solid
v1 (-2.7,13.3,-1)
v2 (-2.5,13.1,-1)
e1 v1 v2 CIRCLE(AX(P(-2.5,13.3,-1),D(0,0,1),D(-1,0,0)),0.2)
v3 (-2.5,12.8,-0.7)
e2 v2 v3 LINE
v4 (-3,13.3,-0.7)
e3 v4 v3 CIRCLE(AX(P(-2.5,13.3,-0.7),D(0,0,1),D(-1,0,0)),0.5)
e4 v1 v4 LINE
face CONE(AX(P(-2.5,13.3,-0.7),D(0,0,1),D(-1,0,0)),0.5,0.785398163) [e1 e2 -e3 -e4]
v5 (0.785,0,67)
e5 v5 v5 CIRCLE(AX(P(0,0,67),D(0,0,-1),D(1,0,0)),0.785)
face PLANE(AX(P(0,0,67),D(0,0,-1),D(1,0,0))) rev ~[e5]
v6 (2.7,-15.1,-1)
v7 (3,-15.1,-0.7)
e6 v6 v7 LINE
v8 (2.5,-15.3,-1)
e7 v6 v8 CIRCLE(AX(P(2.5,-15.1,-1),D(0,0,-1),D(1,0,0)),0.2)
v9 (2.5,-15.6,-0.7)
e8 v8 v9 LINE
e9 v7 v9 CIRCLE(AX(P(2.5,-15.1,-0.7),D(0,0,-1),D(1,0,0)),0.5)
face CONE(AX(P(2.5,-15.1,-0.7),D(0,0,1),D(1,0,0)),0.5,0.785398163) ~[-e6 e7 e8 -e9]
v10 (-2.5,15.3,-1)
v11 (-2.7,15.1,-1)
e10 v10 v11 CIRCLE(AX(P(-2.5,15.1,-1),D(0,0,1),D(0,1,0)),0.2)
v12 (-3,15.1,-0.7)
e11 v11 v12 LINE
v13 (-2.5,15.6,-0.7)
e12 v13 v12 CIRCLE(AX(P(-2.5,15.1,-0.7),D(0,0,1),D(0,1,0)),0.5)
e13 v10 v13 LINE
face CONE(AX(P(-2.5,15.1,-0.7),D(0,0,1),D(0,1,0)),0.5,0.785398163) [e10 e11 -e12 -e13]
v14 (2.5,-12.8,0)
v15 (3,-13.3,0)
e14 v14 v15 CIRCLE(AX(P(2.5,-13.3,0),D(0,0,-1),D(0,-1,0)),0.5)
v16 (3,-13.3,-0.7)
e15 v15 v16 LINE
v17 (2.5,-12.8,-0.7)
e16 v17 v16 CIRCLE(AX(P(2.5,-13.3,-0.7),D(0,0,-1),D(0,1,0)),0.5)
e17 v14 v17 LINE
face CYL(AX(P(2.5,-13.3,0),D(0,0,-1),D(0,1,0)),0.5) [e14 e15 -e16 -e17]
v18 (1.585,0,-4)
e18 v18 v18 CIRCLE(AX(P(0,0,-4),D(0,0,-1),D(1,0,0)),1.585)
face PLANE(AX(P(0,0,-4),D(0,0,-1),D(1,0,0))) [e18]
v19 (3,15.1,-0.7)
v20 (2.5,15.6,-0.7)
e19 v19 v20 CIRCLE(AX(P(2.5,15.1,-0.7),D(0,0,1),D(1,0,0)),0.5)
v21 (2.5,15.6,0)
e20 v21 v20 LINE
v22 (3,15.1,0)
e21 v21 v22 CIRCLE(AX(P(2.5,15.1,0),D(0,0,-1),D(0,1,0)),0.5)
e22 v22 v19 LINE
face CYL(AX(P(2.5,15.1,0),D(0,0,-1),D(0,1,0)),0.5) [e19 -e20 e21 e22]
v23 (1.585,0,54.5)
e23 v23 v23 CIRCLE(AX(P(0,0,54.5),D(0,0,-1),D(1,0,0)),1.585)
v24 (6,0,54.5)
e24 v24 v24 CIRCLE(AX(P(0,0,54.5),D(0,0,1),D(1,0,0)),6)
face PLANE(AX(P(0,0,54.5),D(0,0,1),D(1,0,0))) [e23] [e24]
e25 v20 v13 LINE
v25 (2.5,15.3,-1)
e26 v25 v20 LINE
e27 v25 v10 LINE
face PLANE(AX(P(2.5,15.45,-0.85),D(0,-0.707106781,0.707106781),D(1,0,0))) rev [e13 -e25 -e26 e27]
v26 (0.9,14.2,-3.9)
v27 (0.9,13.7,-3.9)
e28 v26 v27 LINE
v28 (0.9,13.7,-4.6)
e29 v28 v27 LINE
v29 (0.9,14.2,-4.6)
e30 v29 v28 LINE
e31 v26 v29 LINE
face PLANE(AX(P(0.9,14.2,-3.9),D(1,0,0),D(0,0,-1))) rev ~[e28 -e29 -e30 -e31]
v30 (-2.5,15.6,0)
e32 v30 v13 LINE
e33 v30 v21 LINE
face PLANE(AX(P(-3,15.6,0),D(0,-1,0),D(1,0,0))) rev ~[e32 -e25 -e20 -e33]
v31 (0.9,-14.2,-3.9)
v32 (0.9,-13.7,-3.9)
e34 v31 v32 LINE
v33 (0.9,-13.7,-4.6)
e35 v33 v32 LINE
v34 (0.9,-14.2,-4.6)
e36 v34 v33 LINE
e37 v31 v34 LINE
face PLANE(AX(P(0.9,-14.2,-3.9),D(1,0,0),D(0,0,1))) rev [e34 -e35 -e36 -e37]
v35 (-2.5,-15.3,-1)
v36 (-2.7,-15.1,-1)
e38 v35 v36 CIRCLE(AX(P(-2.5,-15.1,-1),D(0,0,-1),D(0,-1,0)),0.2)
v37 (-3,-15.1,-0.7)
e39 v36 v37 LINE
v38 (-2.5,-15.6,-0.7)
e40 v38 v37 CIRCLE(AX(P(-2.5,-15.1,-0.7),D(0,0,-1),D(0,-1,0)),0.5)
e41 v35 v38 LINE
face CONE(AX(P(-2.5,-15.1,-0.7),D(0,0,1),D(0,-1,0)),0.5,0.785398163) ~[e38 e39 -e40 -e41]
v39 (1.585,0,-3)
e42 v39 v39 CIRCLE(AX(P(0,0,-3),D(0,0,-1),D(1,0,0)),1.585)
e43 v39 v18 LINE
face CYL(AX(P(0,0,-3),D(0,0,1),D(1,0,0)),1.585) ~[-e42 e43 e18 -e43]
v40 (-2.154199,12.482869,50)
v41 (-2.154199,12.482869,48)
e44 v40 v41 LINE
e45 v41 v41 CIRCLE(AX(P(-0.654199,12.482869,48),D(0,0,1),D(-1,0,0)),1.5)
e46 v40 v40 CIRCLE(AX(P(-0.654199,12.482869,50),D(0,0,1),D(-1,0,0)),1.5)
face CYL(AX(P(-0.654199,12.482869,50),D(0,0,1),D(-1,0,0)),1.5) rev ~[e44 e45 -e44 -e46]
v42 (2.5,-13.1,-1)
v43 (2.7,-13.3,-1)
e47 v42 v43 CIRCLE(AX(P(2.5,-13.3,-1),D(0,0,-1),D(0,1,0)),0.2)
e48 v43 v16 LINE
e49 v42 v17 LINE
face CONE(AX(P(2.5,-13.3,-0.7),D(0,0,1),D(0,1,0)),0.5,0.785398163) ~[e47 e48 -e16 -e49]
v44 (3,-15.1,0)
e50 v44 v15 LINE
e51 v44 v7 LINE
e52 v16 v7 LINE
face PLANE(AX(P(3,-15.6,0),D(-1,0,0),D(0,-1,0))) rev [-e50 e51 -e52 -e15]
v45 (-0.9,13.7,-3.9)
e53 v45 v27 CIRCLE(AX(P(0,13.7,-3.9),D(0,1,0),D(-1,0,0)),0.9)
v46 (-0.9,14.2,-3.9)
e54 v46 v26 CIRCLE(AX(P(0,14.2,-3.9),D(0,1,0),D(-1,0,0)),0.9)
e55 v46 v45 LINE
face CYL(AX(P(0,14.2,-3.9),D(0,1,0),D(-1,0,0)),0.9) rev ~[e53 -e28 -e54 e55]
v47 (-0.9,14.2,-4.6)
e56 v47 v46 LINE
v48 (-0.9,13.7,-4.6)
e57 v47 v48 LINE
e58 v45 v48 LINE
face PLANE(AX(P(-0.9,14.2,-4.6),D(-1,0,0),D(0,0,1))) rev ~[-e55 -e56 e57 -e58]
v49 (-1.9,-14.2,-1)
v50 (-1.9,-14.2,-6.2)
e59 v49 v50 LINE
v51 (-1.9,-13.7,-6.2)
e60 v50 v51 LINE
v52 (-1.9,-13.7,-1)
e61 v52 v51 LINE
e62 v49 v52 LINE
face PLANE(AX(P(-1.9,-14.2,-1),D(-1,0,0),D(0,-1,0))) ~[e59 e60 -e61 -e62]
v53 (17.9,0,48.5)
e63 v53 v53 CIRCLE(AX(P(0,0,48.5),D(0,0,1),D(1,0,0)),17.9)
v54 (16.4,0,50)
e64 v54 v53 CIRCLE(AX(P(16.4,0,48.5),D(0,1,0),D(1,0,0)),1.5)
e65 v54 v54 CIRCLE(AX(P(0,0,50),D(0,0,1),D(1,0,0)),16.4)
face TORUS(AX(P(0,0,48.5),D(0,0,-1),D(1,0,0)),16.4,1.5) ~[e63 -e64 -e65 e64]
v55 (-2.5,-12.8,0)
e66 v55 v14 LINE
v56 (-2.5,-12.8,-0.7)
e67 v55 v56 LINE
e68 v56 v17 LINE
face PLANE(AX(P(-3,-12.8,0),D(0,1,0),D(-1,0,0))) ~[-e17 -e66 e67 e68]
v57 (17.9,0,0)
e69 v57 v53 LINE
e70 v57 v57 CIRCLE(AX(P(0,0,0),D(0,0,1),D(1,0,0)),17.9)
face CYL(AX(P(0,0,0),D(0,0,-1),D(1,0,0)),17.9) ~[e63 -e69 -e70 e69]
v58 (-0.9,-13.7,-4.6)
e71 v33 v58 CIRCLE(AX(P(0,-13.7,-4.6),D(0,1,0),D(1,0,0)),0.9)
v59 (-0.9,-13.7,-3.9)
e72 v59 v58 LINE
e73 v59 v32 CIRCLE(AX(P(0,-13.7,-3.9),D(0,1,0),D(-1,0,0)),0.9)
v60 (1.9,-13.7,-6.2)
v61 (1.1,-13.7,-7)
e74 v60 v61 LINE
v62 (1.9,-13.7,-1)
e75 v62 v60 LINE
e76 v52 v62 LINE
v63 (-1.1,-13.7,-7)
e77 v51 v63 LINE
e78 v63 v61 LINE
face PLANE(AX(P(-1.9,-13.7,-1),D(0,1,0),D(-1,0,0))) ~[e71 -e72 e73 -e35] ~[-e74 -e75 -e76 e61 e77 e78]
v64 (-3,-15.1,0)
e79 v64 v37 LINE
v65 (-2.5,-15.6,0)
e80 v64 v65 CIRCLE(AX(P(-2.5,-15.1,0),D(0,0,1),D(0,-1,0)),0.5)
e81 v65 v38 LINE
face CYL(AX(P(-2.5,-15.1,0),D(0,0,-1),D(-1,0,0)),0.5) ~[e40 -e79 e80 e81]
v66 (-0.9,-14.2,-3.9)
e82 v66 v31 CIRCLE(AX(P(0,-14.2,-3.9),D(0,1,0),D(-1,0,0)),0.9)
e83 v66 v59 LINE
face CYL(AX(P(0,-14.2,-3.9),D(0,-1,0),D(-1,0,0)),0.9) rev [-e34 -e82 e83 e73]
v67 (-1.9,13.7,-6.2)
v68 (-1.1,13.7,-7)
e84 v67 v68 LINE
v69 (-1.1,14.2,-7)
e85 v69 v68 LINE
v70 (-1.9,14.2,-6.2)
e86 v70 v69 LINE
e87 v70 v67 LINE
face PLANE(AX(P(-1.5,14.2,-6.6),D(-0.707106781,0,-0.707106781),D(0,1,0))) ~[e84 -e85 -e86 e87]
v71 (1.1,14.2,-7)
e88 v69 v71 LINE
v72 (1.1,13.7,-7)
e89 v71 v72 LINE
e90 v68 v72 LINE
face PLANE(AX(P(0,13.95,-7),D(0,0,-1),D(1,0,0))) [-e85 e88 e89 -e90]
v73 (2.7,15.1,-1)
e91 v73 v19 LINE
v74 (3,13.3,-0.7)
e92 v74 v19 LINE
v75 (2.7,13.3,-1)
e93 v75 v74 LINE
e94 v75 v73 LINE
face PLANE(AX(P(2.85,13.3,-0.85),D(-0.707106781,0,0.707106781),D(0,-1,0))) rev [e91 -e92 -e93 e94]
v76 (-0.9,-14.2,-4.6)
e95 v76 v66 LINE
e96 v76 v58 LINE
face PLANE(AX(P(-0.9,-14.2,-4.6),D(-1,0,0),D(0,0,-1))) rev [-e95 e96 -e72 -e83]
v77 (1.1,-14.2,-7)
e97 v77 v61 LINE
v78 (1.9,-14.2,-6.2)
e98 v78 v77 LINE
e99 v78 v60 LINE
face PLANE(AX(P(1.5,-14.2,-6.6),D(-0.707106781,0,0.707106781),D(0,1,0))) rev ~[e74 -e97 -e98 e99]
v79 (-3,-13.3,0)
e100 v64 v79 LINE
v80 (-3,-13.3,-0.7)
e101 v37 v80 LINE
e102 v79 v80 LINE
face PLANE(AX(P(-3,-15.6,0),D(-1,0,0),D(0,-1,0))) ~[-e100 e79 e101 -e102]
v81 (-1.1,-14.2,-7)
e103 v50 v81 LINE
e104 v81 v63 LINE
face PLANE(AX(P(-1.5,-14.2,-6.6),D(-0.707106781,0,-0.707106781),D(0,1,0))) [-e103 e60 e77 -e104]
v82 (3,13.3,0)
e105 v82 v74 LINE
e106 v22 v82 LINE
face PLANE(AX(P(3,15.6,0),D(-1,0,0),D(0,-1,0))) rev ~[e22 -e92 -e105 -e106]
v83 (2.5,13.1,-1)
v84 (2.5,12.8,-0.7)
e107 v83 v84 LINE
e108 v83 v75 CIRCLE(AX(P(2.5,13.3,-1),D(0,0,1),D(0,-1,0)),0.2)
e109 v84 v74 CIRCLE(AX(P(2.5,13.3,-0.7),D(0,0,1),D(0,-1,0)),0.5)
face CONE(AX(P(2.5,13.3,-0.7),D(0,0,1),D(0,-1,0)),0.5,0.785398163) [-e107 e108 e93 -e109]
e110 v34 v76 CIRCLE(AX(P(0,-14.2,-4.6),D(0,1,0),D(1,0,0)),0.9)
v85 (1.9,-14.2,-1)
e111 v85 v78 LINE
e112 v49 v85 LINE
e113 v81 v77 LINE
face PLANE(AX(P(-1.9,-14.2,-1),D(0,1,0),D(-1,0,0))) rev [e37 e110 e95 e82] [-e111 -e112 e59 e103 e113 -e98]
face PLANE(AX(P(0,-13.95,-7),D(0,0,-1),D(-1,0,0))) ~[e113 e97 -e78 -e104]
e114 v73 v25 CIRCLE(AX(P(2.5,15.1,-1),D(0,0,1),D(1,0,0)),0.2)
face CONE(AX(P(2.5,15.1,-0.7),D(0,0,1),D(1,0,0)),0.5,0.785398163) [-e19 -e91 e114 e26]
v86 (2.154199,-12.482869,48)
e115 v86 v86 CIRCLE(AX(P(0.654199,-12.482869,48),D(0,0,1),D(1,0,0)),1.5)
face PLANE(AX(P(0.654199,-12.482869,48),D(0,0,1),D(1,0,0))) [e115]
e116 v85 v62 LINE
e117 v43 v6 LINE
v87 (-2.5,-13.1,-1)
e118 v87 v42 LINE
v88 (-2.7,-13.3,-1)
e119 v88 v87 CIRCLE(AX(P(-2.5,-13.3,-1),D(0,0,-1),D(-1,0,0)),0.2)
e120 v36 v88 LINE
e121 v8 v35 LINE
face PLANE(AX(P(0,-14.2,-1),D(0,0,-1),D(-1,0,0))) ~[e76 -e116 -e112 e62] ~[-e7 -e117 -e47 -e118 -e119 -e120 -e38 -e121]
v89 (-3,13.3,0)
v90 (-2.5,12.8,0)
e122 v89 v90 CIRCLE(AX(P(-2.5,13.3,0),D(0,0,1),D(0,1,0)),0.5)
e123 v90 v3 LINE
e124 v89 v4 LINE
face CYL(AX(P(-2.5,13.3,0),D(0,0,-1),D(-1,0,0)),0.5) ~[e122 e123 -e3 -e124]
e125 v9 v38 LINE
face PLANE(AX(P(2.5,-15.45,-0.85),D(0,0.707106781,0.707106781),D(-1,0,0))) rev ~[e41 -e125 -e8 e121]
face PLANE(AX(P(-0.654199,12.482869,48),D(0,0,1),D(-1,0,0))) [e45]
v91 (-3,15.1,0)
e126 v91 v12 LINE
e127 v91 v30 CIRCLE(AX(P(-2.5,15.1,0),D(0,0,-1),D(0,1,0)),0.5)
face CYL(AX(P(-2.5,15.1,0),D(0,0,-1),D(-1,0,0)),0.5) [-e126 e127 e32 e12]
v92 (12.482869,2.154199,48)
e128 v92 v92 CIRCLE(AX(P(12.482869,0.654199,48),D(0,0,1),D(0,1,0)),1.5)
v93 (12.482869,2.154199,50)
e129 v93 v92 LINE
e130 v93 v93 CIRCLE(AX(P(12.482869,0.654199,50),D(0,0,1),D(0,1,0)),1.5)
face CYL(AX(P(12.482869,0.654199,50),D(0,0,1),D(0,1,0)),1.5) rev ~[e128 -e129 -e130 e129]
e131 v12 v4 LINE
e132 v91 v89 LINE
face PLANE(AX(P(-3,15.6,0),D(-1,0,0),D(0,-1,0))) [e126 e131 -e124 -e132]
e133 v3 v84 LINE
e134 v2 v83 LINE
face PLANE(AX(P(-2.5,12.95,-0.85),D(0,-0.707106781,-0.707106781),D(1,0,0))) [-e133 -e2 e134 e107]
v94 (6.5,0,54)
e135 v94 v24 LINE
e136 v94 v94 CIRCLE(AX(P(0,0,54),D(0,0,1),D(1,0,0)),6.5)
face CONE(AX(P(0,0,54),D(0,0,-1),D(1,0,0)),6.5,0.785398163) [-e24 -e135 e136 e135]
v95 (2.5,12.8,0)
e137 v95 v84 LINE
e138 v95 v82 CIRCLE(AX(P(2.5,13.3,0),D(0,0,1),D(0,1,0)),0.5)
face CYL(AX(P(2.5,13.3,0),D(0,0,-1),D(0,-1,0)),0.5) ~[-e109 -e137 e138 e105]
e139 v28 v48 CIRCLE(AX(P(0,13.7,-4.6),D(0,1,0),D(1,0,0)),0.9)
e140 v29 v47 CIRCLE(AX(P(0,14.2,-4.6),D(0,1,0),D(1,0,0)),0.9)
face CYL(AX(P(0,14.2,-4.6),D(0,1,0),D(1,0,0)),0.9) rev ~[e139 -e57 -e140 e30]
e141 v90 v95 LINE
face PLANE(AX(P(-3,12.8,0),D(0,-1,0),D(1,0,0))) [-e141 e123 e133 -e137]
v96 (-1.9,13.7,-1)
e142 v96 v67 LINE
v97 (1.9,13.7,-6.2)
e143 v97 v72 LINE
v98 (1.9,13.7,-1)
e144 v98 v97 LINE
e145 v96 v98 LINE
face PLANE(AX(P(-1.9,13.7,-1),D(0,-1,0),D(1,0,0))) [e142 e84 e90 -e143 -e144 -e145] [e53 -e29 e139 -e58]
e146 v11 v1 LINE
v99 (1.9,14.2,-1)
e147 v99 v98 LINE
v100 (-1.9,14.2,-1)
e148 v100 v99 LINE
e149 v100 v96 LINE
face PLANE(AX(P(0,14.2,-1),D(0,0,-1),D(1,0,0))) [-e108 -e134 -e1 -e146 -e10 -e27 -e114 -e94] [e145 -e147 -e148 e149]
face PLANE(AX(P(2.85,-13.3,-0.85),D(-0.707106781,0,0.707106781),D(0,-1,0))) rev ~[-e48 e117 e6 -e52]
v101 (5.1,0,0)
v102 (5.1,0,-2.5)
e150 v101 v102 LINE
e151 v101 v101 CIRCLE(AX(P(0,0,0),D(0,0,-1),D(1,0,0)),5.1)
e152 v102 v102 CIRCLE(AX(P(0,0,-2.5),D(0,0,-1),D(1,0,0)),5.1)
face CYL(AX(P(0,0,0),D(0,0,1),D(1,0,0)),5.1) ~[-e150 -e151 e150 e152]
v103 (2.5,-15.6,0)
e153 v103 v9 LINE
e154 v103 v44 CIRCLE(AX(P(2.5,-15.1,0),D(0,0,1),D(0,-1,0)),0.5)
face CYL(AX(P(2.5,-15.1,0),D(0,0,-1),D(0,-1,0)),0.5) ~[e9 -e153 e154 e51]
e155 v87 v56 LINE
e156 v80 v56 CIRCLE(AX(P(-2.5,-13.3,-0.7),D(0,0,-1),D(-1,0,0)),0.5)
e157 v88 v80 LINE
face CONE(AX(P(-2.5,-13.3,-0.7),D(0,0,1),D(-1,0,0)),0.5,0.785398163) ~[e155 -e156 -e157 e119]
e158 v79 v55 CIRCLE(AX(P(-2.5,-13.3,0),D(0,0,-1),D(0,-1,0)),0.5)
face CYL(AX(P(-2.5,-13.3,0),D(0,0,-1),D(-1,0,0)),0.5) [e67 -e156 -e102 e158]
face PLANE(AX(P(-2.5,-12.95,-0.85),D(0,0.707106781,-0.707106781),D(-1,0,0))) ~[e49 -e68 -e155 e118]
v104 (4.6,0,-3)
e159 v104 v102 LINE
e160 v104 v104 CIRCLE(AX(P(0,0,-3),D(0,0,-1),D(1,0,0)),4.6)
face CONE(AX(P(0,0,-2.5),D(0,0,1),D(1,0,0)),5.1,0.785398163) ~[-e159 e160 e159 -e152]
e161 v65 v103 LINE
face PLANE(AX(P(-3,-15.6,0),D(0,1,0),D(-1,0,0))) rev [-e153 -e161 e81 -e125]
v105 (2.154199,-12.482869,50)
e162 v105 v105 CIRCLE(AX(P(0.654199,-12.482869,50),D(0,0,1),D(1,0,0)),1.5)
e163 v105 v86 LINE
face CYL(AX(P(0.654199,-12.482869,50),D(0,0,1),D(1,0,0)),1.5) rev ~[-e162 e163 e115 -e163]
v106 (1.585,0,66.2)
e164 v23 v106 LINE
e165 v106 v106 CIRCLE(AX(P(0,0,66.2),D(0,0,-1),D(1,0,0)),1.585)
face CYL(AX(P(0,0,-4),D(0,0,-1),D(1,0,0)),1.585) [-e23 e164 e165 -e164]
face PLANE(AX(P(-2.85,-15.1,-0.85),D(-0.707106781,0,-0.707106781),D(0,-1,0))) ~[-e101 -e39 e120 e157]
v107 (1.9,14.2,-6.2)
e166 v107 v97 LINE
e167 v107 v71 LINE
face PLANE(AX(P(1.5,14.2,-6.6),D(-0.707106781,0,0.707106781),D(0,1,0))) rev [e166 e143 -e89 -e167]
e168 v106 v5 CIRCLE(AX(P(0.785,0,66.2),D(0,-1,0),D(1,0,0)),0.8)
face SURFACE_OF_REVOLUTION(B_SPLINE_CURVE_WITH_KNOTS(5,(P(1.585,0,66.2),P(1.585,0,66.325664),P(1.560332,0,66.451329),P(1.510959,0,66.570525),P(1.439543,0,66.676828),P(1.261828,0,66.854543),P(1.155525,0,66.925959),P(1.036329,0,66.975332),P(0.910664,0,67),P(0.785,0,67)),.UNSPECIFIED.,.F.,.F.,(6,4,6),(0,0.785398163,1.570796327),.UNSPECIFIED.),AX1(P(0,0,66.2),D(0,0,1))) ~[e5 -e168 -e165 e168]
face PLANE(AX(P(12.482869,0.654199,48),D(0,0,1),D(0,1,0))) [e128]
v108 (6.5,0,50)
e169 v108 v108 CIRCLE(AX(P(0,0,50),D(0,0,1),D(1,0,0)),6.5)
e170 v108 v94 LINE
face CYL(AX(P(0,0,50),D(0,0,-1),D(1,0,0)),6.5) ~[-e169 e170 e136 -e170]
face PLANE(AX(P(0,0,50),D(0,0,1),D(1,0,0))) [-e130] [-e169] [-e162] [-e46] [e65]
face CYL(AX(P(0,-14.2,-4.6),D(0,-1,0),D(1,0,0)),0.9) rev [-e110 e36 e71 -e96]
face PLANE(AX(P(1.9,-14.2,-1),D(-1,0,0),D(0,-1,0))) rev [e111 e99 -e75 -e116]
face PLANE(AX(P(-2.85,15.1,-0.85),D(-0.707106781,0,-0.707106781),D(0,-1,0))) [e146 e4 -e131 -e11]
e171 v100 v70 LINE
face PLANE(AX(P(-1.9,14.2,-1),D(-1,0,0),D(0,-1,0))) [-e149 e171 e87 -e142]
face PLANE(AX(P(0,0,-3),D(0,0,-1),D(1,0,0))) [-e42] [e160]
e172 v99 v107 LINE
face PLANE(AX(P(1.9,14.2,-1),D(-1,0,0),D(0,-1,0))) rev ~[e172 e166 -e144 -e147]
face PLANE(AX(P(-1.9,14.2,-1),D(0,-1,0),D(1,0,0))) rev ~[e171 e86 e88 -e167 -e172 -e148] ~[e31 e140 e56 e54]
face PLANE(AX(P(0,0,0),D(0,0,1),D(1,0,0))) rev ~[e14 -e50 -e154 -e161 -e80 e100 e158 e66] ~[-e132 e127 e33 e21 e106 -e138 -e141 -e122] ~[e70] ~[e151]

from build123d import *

# Parameters (mm, degrees)
F0_R      = 17.9
F1_DEPTH  = 50
F2_R      = 5.1
F3_DEPTH  = 3
F4_R      = 1.585
F5_DEPTH  = 1
F6_R      = 6.5
F7_DEPTH  = 4.5
F8_DEPTH  = 71
F9_W      = 6
F9_H      = 2.8
F10_DEPTH = 1
F11_W     = 3.8
F11_H     = 0.5
F12_DEPTH = 6
F13_SIZE  = 0.8
F14_R     = 0.5
F15_SIZE  = 0.3
F17_DEPTH = 1
F19_SIZE  = 0.5
F20_SIZE  = 0.5
F21_R     = 1.5
F22_R     = 0.8
F23_R     = 1.5
F24_DEPTH = 2
F25_COUNT = 3
F25_ANGLE = 180


with BuildPart() as f1:
    # F0 (on Top) → F1 (new body)
    with BuildSketch(Plane.XY):
        Circle(F0_R)
    extrude(amount=F1_DEPTH)

    # F2 (on face) → F3 (join)
    with BuildSketch(Plane(origin=(0, 0, 0), x_dir=(1, 0, 0), z_dir=(0, 0, -1))):
        Circle(F2_R)
    extrude(amount=F3_DEPTH)

    # F4 (on face) → F5 (join)
    with BuildSketch(Plane(origin=(0, 0, -3), x_dir=(1, 0, 0), z_dir=(0, 0, -1))):
        Circle(F4_R)
    extrude(amount=F5_DEPTH)

    # F6 (on face) → F7 (join)
    with BuildSketch(Plane.XY.offset(50)):
        Circle(F6_R)
    extrude(amount=F7_DEPTH)

    # F8 (add): a face of the model
    f8_faces = [f1.faces().sort_by_distance(p)[0] for p in [
        (0, 0, -4),
    ]]
    extrude(f8_faces, amount=-F8_DEPTH)



with BuildPart() as f10:
    # F9 (on face) → F10 (new body)
    with BuildSketch(Plane(origin=(0, 0, 0), x_dir=(1, 0, 0), z_dir=(0, 0, -1))):
        with Locations((0, -14.2)):
            Rectangle(F9_W, F9_H)
    extrude(amount=F10_DEPTH)

    # F11 (on face) → F12 (join)
    with BuildSketch(Plane(origin=(0, 0, -1), x_dir=(1, 0, 0), z_dir=(0, 0, -1))):
        with Locations((0, -13.95)):
            Rectangle(F11_W, F11_H)
    extrude(amount=F12_DEPTH)

    # F13
    f13_edges = [f10.edges().sort_by_distance(p)[0] for p in [
        (1.9, 13.95, -7),
        (-1.9, 13.95, -7),
    ]]
    chamfer(f13_edges, length=F13_SIZE)

    # F14
    f14_edges = [f10.edges().sort_by_distance(p)[0] for p in [
        (3, 15.6, -0.5),
        (-3, 15.6, -0.5),
        (3, 12.8, -0.5),
        (-3, 12.8, -0.5),
    ]]
    fillet(f14_edges, radius=F14_R)

    # F15
    f15_edges = [f10.edges().sort_by_distance(p)[0] for p in [
        (0, 12.8, -1),
    ]]
    chamfer(f15_edges, length=F15_SIZE)

    # F16 (on face) → F17 (cut)
    with BuildSketch(Plane(origin=(0, 14.2, 0), x_dir=(-1, 0, 0), z_dir=(0, 1, 0))):
        with BuildLine():
            Line((0.9, -4.6), (0.9, -3.9))
            ThreePointArc((0.9, -3.9), (0, -3), (-0.9, -3.9))
            Line((-0.9, -3.9), (-0.9, -4.6))
            ThreePointArc((-0.9, -4.6), (0, -5.5), (0.9, -4.6))
        make_face()
    extrude(amount=-F17_DEPTH, mode=Mode.SUBTRACT)


with BuildPart() as f1_1:
    add(f1.part)

    add(f10.part)  # F18 merges F10
    # F18: F10 across plane
    add(f10.part.mirror(Plane.XZ))

    # F19
    f19_edges = [f1_1.edges().sort_by_distance(p)[0] for p in [
        (-5.1, 0, -3),
    ]]
    chamfer(f19_edges, length=F19_SIZE)

    # F20
    f20_edges = [f1_1.edges().sort_by_distance(p)[0] for p in [
        (-6.5, 0, 54.5),
    ]]
    chamfer(f20_edges, length=F20_SIZE)

    # F21
    f21_edges = [f1_1.edges().sort_by_distance(p)[0] for p in [
        (-17.9, 0, 50),
    ]]
    fillet(f21_edges, radius=F21_R)

    # F22
    f22_edges = [f1_1.edges().sort_by_distance(p)[0] for p in [
        (-1.585, 0, 67),
    ]]
    fillet(f22_edges, radius=F22_R)

    # F25: F24 ×3 about axis
    f25_axis = Axis((0, 0, 0), (0, 0, 1))


with BuildPart() as f24:
    # F23 (on face) → F24 (new body)
    with BuildSketch(Plane.XY.offset(50)):
        with Locations((0.654199453, -12.4828691844)):
            Circle(F23_R)
    extrude(amount=-F24_DEPTH)


with BuildPart() as f1_2:
    add(f1_1.part)
    for i in range(1, F25_COUNT):
        add(f24.part.rotate(f25_axis, i * F25_ANGLE / (F25_COUNT - 1)), mode=Mode.SUBTRACT)

    # F25#seed: cut F24
    add(f24.part, mode=Mode.SUBTRACT)


solid = f1_2.part
